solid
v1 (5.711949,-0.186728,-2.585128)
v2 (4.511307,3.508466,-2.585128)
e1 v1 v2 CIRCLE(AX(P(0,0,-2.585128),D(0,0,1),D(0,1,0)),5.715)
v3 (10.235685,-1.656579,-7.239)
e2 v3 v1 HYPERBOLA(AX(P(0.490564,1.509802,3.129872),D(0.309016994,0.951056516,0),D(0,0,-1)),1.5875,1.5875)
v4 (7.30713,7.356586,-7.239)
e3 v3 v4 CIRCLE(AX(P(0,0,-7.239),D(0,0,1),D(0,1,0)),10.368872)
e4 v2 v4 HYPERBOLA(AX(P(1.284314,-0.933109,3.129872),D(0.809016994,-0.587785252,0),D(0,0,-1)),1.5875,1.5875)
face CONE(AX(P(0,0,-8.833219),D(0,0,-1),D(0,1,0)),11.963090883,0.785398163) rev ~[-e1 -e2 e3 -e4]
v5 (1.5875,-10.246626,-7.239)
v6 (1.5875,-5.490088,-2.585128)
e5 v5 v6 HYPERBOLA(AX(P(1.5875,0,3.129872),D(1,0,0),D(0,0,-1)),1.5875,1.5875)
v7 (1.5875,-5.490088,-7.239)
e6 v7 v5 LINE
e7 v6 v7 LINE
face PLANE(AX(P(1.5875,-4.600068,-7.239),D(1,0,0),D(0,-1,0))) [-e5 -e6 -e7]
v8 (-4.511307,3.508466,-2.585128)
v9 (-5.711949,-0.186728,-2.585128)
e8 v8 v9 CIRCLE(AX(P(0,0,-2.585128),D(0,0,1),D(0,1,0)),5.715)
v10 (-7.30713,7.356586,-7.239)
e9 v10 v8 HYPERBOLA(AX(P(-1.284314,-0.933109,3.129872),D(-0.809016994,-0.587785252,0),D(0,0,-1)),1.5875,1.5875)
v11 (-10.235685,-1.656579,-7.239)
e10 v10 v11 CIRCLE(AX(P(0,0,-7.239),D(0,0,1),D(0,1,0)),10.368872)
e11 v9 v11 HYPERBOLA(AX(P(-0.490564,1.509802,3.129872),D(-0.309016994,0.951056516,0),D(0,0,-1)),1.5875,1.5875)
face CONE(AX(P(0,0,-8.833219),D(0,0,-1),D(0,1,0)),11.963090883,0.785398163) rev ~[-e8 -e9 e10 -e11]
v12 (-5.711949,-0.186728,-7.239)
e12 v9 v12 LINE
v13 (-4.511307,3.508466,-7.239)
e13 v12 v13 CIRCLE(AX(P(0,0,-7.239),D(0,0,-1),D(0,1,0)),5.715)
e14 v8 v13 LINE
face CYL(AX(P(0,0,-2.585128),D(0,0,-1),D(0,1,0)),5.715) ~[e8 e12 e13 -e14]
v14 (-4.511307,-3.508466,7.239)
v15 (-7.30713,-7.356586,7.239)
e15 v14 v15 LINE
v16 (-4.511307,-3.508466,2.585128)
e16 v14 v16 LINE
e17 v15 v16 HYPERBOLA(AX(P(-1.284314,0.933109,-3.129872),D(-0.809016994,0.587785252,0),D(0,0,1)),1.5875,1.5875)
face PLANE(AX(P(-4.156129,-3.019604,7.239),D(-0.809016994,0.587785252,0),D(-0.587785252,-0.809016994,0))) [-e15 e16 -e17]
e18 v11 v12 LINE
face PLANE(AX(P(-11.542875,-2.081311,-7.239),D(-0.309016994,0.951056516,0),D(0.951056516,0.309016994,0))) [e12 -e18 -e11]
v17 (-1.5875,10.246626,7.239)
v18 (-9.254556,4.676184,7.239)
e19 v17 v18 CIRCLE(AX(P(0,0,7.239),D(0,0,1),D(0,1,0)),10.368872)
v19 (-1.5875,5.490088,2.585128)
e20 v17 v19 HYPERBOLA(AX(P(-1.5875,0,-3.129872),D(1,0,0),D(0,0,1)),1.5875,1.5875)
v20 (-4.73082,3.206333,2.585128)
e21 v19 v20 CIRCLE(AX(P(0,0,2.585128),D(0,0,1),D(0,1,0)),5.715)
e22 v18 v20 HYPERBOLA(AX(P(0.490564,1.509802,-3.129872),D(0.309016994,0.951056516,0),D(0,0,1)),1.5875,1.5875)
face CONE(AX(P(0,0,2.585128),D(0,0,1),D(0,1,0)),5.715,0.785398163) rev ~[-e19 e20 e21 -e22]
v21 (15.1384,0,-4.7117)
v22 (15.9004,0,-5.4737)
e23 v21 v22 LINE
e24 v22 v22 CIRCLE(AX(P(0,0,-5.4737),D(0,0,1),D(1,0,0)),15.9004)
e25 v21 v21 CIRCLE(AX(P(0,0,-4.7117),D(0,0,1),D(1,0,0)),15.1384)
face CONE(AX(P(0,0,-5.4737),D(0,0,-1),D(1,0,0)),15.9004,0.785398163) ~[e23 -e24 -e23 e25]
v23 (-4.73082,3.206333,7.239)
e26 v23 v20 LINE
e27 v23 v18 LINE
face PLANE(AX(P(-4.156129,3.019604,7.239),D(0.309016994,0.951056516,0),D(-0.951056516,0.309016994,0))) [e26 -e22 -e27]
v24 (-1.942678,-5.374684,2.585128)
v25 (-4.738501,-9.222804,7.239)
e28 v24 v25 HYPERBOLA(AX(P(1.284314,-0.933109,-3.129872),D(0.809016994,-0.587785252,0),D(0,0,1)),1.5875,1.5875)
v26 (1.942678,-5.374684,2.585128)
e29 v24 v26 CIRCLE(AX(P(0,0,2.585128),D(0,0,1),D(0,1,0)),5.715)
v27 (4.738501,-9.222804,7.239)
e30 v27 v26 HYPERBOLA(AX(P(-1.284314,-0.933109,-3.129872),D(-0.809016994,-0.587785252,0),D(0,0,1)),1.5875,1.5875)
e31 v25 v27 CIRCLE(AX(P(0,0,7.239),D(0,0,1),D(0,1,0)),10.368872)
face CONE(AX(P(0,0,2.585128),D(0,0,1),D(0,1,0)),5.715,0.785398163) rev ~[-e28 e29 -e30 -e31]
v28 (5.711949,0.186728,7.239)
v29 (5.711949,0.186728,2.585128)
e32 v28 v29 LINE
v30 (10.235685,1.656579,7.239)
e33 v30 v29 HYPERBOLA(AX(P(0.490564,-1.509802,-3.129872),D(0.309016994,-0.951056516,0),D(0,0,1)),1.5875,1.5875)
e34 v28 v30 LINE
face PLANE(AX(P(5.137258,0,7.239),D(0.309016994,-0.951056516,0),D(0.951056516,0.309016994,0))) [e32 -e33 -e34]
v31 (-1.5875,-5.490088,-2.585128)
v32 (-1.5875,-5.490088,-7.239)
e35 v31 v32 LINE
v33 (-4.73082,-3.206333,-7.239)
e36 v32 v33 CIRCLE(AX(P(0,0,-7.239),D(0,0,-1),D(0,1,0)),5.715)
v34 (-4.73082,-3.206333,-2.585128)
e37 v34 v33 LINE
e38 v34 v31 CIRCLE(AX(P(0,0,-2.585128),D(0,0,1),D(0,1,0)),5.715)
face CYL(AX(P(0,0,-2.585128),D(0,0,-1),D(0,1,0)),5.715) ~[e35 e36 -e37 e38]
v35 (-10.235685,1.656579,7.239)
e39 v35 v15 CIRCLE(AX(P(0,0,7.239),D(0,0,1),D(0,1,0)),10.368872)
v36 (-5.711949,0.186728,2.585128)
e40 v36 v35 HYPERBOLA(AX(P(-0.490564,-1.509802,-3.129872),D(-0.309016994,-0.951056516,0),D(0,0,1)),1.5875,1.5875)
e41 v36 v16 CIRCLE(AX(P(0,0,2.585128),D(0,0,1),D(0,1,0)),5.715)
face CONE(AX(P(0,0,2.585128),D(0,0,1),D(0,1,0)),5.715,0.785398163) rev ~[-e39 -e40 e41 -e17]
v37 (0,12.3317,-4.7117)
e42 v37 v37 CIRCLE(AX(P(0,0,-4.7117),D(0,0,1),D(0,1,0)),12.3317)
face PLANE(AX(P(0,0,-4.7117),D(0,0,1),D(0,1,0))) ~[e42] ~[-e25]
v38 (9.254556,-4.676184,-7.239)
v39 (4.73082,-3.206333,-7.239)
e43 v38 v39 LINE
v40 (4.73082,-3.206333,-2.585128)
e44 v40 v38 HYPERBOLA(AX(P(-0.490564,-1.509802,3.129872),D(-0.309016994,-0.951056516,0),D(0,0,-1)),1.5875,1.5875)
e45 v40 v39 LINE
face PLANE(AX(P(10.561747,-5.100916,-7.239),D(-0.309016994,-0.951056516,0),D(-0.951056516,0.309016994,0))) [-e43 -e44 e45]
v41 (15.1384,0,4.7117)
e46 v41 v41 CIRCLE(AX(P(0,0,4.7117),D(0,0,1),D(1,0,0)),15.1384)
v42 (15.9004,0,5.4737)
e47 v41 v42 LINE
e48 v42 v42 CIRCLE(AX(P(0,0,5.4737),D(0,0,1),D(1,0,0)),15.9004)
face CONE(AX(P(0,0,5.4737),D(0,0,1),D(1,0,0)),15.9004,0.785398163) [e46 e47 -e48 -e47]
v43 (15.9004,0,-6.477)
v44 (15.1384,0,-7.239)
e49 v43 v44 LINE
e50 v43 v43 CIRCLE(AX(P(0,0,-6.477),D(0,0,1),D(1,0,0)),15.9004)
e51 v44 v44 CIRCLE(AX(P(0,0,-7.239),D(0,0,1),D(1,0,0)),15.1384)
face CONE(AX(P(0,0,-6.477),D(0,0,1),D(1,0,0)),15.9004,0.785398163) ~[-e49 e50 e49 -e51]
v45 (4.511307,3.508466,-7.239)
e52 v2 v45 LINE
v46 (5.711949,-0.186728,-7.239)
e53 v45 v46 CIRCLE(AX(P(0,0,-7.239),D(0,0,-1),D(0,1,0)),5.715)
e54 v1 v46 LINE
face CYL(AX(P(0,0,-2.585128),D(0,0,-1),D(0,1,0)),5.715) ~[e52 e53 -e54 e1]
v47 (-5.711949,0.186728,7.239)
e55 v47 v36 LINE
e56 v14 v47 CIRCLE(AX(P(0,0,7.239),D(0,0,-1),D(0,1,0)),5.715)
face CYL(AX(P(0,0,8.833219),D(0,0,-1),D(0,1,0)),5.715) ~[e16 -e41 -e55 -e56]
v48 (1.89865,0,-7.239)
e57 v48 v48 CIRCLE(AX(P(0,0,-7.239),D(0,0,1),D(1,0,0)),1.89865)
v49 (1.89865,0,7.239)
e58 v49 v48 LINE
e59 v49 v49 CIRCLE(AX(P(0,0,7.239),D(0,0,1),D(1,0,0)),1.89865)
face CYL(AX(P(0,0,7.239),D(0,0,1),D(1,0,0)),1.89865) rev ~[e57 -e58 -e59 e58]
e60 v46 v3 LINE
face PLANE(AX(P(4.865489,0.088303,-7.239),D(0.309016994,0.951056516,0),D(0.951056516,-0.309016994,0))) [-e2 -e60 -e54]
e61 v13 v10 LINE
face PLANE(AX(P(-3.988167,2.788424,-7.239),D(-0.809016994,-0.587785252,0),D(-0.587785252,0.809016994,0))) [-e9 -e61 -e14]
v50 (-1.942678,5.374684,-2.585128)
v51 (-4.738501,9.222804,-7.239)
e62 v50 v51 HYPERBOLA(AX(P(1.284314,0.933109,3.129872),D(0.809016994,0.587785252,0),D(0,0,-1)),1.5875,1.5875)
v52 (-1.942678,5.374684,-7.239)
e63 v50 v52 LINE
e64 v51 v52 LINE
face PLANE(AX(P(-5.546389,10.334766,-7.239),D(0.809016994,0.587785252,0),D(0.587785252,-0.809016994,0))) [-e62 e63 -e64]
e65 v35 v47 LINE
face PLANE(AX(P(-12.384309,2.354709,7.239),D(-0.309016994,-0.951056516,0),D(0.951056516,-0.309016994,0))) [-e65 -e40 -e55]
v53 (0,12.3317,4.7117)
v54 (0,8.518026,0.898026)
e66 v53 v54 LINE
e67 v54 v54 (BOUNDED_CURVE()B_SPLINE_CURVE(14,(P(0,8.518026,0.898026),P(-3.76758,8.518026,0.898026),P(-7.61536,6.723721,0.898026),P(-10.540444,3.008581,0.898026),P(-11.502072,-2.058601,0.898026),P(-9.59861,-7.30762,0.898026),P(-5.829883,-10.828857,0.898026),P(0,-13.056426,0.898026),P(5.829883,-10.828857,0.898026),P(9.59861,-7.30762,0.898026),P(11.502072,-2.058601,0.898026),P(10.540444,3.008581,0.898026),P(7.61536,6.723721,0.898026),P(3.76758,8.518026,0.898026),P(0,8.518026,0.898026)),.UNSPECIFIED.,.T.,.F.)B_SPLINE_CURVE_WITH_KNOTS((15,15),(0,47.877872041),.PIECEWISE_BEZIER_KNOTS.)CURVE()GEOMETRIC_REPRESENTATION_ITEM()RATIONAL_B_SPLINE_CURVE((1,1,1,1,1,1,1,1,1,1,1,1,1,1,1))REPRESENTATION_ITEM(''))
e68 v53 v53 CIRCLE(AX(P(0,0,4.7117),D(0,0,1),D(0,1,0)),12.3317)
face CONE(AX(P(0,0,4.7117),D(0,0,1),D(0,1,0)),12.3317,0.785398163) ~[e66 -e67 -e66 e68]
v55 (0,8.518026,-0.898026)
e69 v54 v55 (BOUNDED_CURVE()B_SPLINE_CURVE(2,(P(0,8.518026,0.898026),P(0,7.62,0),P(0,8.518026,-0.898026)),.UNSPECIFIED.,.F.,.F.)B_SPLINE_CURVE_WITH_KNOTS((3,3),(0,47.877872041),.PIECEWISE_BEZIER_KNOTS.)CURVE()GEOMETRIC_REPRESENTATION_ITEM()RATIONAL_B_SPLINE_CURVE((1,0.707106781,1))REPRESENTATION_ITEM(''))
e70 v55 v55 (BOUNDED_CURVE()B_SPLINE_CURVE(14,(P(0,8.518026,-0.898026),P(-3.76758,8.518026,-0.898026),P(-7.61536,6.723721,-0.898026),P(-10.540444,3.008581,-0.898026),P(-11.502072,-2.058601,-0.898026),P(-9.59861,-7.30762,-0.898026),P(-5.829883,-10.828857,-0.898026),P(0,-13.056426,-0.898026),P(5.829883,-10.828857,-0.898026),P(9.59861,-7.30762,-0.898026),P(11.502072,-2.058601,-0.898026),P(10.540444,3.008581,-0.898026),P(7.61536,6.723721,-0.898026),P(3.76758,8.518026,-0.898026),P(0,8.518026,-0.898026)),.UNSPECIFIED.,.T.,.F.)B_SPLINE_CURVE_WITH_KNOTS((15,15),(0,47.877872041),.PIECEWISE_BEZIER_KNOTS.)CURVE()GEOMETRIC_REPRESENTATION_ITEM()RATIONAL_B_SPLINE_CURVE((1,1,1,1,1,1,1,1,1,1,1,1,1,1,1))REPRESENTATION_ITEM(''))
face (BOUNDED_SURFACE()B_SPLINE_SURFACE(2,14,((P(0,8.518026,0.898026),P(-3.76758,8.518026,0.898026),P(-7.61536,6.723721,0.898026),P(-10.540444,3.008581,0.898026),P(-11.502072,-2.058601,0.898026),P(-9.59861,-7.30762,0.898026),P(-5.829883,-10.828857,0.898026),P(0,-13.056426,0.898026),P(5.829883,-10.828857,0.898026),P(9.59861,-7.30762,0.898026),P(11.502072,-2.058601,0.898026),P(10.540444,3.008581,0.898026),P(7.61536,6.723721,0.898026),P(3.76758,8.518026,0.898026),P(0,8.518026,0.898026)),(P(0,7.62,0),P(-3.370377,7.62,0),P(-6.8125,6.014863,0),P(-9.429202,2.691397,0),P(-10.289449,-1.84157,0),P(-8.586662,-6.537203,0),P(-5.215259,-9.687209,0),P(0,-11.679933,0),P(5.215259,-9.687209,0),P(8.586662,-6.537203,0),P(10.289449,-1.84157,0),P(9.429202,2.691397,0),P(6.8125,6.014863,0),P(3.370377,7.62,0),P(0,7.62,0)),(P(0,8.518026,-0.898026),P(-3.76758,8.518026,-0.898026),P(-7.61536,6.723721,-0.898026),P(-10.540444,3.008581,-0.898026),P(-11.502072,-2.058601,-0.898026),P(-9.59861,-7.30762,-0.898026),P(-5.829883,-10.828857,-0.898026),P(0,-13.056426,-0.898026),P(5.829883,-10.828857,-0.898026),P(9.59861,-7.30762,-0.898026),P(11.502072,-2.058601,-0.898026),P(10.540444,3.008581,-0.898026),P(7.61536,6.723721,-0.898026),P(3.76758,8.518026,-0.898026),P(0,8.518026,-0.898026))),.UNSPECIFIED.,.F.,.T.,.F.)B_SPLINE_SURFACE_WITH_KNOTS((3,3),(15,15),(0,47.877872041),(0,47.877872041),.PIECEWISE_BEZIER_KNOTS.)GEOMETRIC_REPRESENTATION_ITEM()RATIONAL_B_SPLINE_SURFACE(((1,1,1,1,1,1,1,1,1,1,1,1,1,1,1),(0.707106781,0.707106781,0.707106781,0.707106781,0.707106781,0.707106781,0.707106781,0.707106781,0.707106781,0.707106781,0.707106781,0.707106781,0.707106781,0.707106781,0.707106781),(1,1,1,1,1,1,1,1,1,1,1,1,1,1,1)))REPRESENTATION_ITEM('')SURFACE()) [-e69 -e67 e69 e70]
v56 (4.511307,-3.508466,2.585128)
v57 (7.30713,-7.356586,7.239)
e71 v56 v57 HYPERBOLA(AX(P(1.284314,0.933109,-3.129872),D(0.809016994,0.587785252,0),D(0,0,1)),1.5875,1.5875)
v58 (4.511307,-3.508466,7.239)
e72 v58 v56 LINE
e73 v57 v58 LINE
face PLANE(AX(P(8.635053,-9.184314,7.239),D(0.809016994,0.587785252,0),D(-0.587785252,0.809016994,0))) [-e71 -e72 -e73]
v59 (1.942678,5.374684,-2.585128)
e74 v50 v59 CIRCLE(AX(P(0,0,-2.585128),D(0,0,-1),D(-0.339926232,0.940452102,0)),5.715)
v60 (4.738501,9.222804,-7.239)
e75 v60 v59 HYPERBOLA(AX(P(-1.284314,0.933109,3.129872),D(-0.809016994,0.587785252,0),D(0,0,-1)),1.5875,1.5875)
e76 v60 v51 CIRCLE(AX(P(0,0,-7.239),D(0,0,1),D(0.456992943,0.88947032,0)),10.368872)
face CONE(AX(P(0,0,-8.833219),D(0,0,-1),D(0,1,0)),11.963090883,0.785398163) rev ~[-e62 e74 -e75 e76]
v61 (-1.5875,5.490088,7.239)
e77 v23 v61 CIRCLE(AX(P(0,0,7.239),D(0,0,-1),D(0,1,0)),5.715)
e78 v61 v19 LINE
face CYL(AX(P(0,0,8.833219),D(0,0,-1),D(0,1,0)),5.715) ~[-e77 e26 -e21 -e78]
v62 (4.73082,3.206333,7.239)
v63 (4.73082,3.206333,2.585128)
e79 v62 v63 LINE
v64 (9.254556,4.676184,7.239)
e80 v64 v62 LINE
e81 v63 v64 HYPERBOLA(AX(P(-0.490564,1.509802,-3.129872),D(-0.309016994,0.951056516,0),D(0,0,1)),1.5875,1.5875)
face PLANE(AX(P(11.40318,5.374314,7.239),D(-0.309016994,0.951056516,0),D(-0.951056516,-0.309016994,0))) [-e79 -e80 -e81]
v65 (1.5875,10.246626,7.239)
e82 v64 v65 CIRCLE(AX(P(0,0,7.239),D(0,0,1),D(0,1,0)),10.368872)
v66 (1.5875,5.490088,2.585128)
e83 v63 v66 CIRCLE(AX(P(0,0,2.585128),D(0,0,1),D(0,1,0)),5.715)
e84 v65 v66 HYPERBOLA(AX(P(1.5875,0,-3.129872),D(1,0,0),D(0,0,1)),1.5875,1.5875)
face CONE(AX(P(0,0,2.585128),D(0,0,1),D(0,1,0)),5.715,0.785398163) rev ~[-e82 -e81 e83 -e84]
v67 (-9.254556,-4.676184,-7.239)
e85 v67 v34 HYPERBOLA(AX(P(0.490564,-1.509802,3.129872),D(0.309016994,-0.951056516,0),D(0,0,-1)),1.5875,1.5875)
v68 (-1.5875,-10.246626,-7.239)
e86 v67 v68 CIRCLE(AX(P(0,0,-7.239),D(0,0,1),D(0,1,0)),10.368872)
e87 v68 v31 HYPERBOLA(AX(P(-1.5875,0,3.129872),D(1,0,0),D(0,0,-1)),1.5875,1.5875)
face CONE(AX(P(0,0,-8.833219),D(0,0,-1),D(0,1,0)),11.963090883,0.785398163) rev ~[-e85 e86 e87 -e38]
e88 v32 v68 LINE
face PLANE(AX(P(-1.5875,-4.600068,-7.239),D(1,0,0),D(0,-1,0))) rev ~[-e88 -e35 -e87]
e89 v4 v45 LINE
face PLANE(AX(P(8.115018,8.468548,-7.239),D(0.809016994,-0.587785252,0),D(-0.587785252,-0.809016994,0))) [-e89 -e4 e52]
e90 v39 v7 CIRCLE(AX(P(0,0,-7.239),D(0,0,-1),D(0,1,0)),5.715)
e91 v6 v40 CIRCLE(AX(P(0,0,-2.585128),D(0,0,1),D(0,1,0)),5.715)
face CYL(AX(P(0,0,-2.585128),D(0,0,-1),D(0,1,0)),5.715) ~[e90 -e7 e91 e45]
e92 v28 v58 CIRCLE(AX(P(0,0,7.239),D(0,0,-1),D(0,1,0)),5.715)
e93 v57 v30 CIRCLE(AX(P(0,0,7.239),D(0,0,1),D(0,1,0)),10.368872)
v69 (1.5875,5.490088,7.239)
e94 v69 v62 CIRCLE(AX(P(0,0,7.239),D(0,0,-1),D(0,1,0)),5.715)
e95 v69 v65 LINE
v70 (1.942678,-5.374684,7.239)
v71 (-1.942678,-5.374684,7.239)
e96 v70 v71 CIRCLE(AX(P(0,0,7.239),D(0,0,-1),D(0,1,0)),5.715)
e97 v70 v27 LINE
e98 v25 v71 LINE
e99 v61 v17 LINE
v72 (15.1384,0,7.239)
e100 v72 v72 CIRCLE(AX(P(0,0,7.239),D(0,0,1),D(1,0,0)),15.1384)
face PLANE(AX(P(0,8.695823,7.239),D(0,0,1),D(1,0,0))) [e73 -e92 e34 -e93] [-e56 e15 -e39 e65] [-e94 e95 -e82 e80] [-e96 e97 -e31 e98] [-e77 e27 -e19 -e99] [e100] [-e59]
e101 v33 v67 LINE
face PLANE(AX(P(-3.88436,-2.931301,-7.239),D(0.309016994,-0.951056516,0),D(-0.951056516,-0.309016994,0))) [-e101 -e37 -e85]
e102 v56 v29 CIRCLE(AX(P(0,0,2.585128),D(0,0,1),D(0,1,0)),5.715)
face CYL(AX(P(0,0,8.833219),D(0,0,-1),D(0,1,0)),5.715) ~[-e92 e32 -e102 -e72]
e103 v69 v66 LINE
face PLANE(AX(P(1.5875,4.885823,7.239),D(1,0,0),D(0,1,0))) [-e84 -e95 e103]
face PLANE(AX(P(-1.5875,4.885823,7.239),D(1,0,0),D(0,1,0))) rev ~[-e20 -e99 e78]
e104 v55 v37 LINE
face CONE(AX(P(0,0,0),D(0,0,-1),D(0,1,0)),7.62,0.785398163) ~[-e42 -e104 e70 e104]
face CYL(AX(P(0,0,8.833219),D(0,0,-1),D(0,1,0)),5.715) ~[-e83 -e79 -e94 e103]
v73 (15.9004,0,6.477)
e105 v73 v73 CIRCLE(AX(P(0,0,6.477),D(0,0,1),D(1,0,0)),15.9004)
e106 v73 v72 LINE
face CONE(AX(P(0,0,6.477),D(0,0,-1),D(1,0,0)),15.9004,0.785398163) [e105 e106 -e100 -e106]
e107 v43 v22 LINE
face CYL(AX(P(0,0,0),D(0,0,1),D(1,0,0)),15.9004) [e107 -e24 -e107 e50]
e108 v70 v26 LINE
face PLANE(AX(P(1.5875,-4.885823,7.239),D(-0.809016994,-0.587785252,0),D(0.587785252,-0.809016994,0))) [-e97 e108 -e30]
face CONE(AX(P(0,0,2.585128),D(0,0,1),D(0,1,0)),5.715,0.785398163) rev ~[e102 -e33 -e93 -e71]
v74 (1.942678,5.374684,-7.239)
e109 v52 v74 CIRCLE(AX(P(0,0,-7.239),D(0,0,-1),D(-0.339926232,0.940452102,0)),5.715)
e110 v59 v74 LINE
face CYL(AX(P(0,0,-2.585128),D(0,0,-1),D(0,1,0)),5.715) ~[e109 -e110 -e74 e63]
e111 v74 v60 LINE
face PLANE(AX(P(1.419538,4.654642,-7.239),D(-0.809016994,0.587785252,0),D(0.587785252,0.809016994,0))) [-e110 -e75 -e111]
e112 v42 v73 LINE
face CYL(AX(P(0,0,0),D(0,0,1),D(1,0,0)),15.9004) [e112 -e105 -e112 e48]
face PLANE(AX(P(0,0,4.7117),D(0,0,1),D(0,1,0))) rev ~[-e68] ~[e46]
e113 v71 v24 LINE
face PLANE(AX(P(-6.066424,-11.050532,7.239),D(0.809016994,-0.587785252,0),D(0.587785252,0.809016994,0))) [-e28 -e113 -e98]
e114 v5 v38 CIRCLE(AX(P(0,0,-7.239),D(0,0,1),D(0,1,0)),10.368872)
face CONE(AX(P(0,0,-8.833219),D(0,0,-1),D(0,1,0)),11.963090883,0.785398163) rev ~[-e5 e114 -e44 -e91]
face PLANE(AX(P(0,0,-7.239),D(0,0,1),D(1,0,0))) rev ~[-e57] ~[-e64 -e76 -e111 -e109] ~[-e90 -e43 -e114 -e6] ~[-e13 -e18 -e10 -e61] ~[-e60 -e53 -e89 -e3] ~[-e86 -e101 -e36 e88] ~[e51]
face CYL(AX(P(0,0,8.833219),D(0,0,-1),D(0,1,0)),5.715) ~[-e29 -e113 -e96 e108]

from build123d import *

# Parameters (mm, degrees)
F0_R     = 15.9004
F1_DEPTH = 7.239
F2_R     = 1.89865
F3_DEPTH = 14.479
F6_W     = 3.175
F6_H     = 7.62
F8_R     = 1.27
F9_SIZE  = 0.762
F10_W    = 3.175
F10_H    = 7.0210194136


with BuildPart() as f1:
    # F0 (on Top) → F1 (new body, symmetric)
    with BuildSketch(Plane.XY):
        Circle(F0_R)
    extrude(amount=F1_DEPTH, both=True)

    # F2 (on face) → F3 (cut, through all)
    with BuildSketch(Plane.XY.offset(7.239)):
        Circle(F2_R)
    extrude(amount=-F3_DEPTH, mode=Mode.SUBTRACT)

    # F4 (on Right) → F5 (revolve, cut)
    with BuildSketch(Plane.YZ):
        Polygon((17.7447939179, -4.7117), (17.7447939179, 4.7117), (12.3317, 4.7117), (7.62, 0), (12.3317, -4.7117), align=None)
        Polygon((11.9630908832, 8.8332189437), (5.715, 8.8332189437), (5.715, 2.5851280605), align=None)
        Polygon((5.715, -2.5851280605), (5.715, -8.8332189437), (11.9630908832, -8.8332189437), align=None)
    revolve(axis=Axis((0, 0, 6.9109424949), (0, 0, 1)), mode=Mode.SUBTRACT)

    # F6 (on face) → F7 (join, up to the next surface of F1)
    with BuildSketch(Plane.XY.offset(7.239)):
        with Locations((0, 8.6958226153)):
            Rectangle(F6_W, F6_H)
        Polygon((-11.4031796113, 5.3743139364), (-12.3843085684, 2.3547094971), (-5.1372579143, 0), (-4.1561289571, 3.0196044392), align=None)
        Polygon((-8.6350525796, -9.1843139364), (-6.0664236225, -11.0505321124), (-1.5875, -4.8858226153), (-4.1561289571, -3.0196044392), align=None)
        Polygon((6.0664236225, -11.0505321124), (8.6350525796, -9.1843139364), (4.1561289571, -3.0196044392), (1.5875, -4.8858226153), align=None)
        Polygon((12.3843085684, 2.3547094971), (11.4031796113, 5.3743139364), (4.1561289571, 3.0196044392), (5.1372579143, 0), align=None)
    extrude(until=Until.NEXT, dir=(0, 0, -1))

    # F8
    f8_edges = [f1.edges().sort_by_distance(p)[0] for p in [
        (0, -7.62, 0),
    ]]
    fillet(f8_edges, radius=F8_R)

    # F9
    f9_edges = [f1.edges().sort_by_distance(p)[0] for p in [
        (-15.9004, 0, 7.239),
        (-15.9004, 0, 4.7117),
        (-15.9004, 0, -4.7117),
        (-15.9004, 0, -7.239),
    ]]
    chamfer(f9_edges, length=F9_SIZE)

    # F10 (on face) → F11 (join, up to the next surface of F1)
    with BuildSketch(Plane(origin=(0, 0, -7.239), x_dir=(1, 0, 0), z_dir=(0, 0, -1))):
        with Locations((0, 8.1105777954)):
            Rectangle(F10_W, F10_H)
        Polygon((-3.8843602525, 2.9313014343), (-10.5617465169, 5.1009157509), (-11.542875474, 2.0813113117), (-4.8654892097, -0.088303005), align=None)
        Polygon((-3.9881666606, -2.788424171), (-8.115018328, -8.4685481944), (-5.5463893709, -10.3347663705), (-1.4195377035, -4.654642347), align=None)
        Polygon((1.4195377035, -4.654642347), (5.5463893709, -10.3347663705), (8.115018328, -8.4685481944), (3.9881666606, -2.788424171), align=None)
        Polygon((4.8654892097, -0.088303005), (11.542875474, 2.0813113117), (10.5617465169, 5.1009157509), (3.8843602525, 2.9313014343), align=None)
    extrude(until=Until.NEXT, dir=(0, 0, 1))


solid = f1.part
